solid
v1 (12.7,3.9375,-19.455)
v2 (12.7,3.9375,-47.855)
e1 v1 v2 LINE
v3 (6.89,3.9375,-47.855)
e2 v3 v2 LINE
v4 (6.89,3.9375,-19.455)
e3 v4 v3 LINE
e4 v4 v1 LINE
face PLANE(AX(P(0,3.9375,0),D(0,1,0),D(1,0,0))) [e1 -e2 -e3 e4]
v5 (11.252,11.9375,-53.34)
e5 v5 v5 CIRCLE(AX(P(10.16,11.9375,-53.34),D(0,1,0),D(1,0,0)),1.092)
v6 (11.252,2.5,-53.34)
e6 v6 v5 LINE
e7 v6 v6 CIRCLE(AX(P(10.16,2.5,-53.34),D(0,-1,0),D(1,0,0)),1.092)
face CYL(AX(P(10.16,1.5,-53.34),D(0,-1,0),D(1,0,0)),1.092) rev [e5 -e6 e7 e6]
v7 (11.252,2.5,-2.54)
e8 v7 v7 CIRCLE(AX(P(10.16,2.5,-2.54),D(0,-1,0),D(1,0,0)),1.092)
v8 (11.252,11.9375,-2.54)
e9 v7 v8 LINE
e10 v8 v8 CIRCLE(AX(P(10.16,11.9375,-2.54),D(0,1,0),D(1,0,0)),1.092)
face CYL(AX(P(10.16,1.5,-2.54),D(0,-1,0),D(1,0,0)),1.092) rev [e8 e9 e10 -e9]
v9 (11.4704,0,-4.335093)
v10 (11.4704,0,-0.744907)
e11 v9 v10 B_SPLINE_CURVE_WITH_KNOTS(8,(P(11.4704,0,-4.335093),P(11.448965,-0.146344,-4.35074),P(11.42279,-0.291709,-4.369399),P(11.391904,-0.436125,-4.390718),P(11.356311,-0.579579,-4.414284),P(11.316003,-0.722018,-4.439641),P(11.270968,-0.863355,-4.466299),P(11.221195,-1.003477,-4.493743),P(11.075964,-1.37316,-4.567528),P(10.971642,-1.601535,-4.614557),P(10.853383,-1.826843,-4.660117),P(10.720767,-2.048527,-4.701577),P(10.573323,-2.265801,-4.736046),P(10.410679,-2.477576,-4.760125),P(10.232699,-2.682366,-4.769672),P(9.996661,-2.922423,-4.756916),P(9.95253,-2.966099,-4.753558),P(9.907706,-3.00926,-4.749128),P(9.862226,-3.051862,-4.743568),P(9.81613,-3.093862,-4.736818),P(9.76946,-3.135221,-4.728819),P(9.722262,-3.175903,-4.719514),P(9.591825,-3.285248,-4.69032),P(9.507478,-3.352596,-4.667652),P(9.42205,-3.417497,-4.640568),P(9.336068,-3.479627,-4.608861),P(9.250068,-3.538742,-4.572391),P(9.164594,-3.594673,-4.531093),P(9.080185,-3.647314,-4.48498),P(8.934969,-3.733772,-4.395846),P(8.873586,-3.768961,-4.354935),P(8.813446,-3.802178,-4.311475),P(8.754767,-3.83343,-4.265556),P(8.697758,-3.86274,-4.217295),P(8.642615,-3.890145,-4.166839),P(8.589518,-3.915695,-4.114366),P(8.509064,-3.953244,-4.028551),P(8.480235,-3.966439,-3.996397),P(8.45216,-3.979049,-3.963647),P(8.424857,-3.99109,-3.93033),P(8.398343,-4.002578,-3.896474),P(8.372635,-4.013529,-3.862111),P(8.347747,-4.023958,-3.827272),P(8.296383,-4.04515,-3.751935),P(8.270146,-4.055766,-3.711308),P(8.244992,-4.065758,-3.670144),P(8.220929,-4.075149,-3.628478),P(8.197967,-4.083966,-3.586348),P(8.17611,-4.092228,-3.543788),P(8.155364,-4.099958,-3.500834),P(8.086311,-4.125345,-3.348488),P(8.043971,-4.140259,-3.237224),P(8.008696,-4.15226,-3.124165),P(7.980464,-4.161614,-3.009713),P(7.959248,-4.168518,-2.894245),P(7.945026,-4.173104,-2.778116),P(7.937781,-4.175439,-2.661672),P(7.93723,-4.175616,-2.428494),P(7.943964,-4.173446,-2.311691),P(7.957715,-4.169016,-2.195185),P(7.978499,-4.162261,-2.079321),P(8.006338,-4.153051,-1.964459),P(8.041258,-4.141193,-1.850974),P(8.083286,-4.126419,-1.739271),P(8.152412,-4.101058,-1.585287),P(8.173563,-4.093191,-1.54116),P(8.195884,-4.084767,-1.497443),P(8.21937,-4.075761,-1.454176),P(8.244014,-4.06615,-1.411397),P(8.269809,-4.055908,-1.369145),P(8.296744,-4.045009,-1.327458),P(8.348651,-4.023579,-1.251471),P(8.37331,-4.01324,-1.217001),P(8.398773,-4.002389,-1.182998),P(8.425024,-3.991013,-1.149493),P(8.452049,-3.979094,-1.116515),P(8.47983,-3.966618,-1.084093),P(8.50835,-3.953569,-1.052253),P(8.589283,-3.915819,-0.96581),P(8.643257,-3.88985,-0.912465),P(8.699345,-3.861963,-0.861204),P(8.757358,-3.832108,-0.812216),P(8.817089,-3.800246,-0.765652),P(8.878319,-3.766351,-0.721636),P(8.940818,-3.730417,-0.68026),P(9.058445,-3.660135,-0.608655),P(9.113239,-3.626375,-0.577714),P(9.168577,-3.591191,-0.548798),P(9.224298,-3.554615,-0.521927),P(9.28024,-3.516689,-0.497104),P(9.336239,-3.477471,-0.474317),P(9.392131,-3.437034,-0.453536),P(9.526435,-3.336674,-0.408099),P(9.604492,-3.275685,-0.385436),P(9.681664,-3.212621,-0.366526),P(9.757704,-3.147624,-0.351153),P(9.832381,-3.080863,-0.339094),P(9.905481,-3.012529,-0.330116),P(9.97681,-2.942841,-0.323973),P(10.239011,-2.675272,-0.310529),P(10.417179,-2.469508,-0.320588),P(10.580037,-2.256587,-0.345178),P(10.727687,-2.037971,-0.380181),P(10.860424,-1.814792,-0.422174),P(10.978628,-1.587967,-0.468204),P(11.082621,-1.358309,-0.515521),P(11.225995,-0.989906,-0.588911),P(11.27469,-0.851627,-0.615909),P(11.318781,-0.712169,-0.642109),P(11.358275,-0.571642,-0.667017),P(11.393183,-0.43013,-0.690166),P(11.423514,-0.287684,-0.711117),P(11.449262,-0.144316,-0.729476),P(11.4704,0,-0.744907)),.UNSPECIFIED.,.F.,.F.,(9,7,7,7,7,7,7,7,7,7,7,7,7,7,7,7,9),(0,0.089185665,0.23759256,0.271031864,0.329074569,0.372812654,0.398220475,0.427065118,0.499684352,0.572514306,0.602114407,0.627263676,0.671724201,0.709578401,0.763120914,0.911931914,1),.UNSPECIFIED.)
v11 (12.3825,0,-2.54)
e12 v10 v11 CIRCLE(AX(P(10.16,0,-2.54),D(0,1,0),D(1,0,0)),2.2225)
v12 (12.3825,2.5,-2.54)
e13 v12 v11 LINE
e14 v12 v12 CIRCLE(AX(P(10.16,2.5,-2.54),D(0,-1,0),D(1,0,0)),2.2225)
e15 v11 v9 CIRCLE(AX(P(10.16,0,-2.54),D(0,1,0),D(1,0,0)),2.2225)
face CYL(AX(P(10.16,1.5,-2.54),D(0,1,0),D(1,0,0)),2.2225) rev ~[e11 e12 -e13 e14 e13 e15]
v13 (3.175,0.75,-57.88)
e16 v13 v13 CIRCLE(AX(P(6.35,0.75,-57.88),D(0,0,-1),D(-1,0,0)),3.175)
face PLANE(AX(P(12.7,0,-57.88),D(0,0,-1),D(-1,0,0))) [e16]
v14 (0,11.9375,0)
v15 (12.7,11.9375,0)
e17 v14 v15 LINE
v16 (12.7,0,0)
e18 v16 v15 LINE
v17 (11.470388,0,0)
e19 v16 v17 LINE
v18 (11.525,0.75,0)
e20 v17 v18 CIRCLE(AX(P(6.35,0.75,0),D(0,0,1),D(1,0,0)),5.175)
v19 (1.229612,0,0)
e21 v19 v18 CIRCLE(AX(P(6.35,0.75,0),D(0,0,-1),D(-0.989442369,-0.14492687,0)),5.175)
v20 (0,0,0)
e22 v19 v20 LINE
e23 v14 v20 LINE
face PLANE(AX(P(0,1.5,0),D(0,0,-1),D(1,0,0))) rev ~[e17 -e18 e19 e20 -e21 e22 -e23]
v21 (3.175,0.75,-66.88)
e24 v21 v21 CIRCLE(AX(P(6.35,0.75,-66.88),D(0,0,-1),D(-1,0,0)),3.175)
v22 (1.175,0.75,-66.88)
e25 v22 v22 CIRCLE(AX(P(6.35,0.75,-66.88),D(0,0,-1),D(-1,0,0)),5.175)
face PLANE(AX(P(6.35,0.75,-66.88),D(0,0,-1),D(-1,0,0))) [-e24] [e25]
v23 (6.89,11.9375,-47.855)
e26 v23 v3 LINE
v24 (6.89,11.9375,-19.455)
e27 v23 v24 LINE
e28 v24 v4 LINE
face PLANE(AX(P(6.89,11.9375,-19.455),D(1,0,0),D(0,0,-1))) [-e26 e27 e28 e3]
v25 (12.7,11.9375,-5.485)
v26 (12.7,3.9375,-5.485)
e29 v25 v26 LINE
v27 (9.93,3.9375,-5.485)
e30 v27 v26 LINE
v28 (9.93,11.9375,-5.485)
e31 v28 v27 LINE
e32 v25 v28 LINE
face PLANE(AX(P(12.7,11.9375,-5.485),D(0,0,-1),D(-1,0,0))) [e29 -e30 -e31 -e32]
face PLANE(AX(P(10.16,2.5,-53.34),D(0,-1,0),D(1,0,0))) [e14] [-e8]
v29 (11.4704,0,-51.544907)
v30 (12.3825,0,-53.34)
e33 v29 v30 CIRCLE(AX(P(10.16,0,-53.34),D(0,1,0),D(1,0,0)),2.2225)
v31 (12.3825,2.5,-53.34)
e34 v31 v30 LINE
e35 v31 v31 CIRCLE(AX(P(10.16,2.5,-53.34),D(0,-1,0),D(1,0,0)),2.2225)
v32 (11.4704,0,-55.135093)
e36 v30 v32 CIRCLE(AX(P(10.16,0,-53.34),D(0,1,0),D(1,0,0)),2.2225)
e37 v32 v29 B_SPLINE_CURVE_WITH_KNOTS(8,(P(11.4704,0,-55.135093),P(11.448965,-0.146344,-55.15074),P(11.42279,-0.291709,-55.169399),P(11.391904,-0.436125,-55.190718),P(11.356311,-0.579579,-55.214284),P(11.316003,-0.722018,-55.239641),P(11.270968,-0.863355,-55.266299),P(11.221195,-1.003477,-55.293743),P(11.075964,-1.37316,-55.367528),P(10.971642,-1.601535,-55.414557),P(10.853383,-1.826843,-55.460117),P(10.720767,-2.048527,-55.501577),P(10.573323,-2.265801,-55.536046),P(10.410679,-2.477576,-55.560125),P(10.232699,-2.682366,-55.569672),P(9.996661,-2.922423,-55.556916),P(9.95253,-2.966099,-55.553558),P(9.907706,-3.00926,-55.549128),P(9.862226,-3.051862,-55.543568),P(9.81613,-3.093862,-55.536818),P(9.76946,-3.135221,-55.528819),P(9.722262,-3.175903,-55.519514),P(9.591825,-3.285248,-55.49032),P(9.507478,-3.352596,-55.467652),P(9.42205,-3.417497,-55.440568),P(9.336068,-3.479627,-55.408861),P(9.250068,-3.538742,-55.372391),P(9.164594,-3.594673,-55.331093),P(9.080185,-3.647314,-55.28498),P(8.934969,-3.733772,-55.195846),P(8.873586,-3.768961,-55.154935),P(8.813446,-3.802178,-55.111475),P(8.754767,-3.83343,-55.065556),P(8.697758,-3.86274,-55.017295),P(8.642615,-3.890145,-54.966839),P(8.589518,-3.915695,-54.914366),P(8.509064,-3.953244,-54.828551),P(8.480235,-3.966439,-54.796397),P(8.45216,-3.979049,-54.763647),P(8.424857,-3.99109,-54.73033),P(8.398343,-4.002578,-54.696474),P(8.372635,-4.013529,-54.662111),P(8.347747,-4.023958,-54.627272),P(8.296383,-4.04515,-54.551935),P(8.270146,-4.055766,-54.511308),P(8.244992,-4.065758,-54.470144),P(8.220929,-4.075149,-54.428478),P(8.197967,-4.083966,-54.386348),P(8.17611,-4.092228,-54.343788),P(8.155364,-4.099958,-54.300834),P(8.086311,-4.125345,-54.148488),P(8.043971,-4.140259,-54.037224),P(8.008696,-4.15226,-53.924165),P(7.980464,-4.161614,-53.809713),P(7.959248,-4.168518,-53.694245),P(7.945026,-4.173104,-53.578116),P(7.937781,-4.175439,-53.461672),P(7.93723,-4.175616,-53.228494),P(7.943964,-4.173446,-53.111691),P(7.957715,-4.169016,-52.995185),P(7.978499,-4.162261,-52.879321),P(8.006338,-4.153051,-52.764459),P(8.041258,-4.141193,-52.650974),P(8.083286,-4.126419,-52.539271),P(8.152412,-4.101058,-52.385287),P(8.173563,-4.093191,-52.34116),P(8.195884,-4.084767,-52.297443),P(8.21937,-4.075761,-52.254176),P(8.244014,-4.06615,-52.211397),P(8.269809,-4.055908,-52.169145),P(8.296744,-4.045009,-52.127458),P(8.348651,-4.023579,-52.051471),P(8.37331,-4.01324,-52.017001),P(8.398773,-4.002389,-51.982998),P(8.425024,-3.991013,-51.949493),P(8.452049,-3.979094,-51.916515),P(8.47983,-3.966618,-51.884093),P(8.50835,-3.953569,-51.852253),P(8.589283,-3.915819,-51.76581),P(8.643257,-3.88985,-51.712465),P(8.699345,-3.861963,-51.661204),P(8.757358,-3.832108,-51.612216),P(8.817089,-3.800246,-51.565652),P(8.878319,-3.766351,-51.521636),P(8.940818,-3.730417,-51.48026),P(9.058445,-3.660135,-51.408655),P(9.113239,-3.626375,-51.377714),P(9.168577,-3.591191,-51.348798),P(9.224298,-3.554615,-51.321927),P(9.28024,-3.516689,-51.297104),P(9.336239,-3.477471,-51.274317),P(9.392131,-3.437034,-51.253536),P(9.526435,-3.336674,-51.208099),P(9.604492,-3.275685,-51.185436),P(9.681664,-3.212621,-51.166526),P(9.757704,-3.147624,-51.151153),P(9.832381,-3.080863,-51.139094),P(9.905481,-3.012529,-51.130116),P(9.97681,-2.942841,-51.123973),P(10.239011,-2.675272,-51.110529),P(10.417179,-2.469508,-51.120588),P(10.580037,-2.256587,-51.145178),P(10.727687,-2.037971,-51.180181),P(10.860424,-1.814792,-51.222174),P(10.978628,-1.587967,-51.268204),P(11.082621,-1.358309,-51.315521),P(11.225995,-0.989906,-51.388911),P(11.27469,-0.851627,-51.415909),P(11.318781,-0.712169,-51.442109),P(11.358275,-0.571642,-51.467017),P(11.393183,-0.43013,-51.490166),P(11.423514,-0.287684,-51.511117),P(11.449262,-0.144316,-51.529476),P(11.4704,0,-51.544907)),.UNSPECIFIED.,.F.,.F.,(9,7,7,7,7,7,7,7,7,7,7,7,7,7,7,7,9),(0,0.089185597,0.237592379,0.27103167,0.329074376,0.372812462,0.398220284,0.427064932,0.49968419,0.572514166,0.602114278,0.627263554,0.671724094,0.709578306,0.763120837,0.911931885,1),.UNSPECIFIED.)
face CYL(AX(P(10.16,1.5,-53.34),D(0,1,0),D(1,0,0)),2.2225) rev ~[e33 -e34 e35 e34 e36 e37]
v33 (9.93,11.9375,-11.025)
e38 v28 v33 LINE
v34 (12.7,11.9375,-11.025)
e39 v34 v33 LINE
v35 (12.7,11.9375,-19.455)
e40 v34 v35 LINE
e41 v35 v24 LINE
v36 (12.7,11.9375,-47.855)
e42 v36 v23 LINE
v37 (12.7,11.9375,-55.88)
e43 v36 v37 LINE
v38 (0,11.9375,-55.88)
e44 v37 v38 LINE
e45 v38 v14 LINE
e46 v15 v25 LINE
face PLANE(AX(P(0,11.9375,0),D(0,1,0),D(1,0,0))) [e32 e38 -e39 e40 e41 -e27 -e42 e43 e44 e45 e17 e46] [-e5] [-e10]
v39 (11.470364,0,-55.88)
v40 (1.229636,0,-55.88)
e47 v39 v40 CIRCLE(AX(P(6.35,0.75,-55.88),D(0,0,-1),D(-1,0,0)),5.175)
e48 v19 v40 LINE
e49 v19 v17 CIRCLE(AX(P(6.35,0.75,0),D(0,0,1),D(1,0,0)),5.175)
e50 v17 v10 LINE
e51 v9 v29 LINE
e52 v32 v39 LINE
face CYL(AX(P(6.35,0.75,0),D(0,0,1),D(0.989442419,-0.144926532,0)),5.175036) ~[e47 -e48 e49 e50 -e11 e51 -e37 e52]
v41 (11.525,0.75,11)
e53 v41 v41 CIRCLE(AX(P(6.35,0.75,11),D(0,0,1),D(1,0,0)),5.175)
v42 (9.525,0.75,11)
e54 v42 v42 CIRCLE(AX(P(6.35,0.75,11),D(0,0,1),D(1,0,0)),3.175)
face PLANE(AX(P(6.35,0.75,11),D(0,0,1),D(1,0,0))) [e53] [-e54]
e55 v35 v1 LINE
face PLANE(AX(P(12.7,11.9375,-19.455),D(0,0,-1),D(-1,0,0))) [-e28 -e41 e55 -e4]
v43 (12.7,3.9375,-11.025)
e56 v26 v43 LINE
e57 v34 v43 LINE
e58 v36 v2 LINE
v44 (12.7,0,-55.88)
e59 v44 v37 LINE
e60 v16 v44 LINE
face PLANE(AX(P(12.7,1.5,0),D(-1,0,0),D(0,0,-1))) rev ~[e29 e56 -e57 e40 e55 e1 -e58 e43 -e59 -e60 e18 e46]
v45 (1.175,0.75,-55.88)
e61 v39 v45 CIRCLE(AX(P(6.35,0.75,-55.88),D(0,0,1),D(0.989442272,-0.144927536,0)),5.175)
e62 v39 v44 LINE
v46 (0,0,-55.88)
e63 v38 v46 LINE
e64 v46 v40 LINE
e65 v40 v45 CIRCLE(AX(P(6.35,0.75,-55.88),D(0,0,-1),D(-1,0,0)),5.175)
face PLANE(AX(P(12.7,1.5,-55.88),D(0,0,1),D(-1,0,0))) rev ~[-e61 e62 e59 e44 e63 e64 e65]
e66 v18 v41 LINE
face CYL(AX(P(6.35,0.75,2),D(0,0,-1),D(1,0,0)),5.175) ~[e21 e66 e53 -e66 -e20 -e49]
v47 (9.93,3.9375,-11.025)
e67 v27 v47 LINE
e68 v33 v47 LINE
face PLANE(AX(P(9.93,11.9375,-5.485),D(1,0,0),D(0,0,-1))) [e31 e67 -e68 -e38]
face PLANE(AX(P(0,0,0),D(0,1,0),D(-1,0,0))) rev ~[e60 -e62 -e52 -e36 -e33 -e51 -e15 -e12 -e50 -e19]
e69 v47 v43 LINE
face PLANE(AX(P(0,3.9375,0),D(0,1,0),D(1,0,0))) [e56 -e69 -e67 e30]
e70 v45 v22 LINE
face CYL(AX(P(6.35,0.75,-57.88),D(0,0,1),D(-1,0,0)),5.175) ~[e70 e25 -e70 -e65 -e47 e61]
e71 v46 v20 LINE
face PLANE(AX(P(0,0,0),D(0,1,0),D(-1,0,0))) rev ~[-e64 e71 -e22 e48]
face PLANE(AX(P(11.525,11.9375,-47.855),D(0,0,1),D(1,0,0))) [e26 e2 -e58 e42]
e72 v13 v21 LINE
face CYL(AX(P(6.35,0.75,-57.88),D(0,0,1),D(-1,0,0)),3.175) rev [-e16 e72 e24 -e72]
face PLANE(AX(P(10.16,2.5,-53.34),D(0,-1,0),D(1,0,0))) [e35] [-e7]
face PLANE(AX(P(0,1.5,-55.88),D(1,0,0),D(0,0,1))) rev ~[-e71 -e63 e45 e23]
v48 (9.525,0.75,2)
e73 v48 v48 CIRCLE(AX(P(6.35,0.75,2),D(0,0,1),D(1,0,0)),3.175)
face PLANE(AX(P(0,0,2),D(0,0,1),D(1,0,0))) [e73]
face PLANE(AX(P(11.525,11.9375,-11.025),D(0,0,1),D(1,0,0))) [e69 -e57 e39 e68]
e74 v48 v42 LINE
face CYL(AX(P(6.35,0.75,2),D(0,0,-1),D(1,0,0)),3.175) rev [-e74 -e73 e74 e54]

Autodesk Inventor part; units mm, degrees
ref_plane "YZ Plane" through (0, 0, 0) normal (1, 0, 0) x (0, 1, 0)
ref_plane "XZ Plane" through (0, 0, 0) normal (0, 1, 0) x (-1, 0, 0)
ref_plane "XY Plane" through (0, 0, 0) normal (0, 0, 1) x (1, 0, 0)
sketch "Sketch1" plane through (0, 0, 0) normal (0, 1, 0) x (-1, 0, 0)
  line L0 (0, -55.88) -> (-12.7, -55.88)
  line L1 (-12.7, 0) -> (0, 0)
  line L2 (0, 0) -> (0, -20.94)
  line L3 (0, -34.94) -> (0, -55.88)
  line L4 (-12.7, -55.88) -> (-12.7, -34.94)
  line L5 (-12.7, -20.94) -> (-12.7, 0)
  line L6 (0, -20.94) -> (0, -34.94)
  line L7 (-12.7, -20.94) -> (-12.7, -34.94)
  dimension "d1" = 55.88
  dimension "d2" = 12.7
extrude "Extrusion1" add sketch "Sketch1" along normal blind 1.5
sketch "Sketch2" plane through (0, 1.5, 0) normal (0, 1, 0) x (1, 0, 0)
  line L0 (12.7, 0) -> (12.7, 55.88) projected
  line L1 (12.7, 0) -> (10.16, 0)
  line L2 (12.7, 2.54) -> (12.7, 0)
  circle A0 centre (10.16, 2.54) radius 1.092
  circle A1 centre (10.16, 53.34) radius 1.092
  point P0 (0, 0)
  dimension "d8" = 2.184
  dimension "d10" = 2.184
extrude "Extrusion2" cut sketch "Sketch2" against normal blind 1.5
sketch "Sketch5" plane through (0, 0, 0) normal (0, 0, 1) x (1, 0, 0)
  line L0 (12.7, 0) -> (0, 0) projected
  line L1 (6.35, 0) -> (6.35, 1.5)
  line L2 (12.7, 1.5) -> (0, 1.5) projected
  line L3 (0, 0) -> (0, 1.5) projected
  line L4 (0, 0.75) -> (12.7, 0.75)
  line L5 (12.7, 0) -> (12.7, 1.5) projected
  circle A0 centre (6.35, 0.75) radius 5.175
  dimension "d30" = 10.35
extrude "Extrusion5" add sketch "Sketch5" along normal blind 2 contours A0 L0 | L0 L1 L4 A0 | L0 A0 L4 L1 | L4 L1 L2 A0 | L4 A0 L2 L1 | L2 A0
sketch "Sketch6" plane through (6.35, 0.75, 2) normal (0, 0, 1) x (1, 0, 0)
  circle A0 centre (0, 0) radius 5.175
  circle A1 centre (0, 0) radius 3.175
  point P0 (-6.35, -0.75)
  dimension "d35" = 6.35
extrude "Extrusion6" add sketch "Sketch6" along normal blind 9
sketch "Sketch7" plane through (12.7, 0, -55.88) normal (0, 0, -1) x (-1, 0, 0)
  line L0 (0, 0) -> (0, 1.5) projected
  line L1 (0, 0.75) -> (12.7, 0.75)
  line L2 (12.7, 0) -> (12.7, 1.5) projected
  line L3 (11.4704, 1.5) -> (1.2296, 1.5) projected
  line L4 (6.35, 1.5) -> (6.35, 0)
  circle A0 centre (6.35, 0.75) radius 5.175
extrude "Extrusion7" add sketch "Sketch7" along normal blind 2
sketch "Sketch8" plane through (6.35, 0.75, -57.88) normal (0, 0, -1) x (-1, 0, 0)
  circle A0 centre (0, 0) radius 5.175
  circle A1 centre (0, 0) radius 3.175
  point P0 (6.35, -0.75)
  dimension "d40" = 6.35
extrude "Extrusion8" add sketch "Sketch8" along normal blind 9
thread "Thread1" size "1/4-20 UNC" class "2B" standard "ANSI Unified Screw Threads" full length
thread "Thread2" size "1/4-20 UNC" class "2B" standard "ANSI Unified Screw Threads" full length
sketch "Sketch9" plane through (0, 0, 0) normal (0, 0, -1) x (-1, 0, 0)
  arc A0 (-11.4704, 0) -> (-1.2296, 0) centre (-6.35, 0.75) ccw projected
  line L0 (0, 0) -> (-1.2296, 0) projected
  line L1 (-11.4704, 0) -> (-1.2296, 0)
  circle A1 centre (-6.35, 0.75) radius 5.175
extrude "Extrusion9" add sketch "Sketch9" along normal up to next contours L1 A0
sketch "Sketch10" plane through (10.16, 0, -2.54) normal (0, 1, 0) x (1, 0, 0)
  circle A0 centre (0, 0) radius 1.092
  circle A1 centre (0, 50.8) radius 1.092 projected
  circle A2 centre (0, 50.8) radius 1.092
  point P0 (-10.16, -2.54)
  dimension "d60" = 2.184
extrude "Extrusion10" cut sketch "Sketch10" against normal up to next
sketch "Sketch12" plane through (0, 1.5, 0) normal (0, 1, 0) x (1, 0, 0)
  circle A0 centre (10.16, 2.54) radius 1.092 projected
  circle A1 centre (10.16, 2.54) radius 1.092
  circle A2 centre (10.16, 2.54) radius 2.2225
  circle A3 centre (10.16, 53.34) radius 1.092 projected
  circle A4 centre (10.16, 53.34) radius 1.092
  circle A5 centre (10.16, 53.34) radius 2.2225
  point P0 (0, 0)
  dimension "d54" = 4.445
  dimension "d55" = 4.445
extrude "Extrusion11" cut sketch "Sketch12" against normal blind 5.925
sketch "Sketch13" plane through (0, 1.5, 0) normal (0, 1, 0) x (1, 0, 0)
  line L0 (12.7, 0) -> (12.7, 55.88) projected
  line L1 (12.7, 55.88) -> (0, 55.88)
  line L2 (0, 55.88) -> (0, 0)
  line L3 (0, 0) -> (12.7, 0)
  line L4 (12.7, 0) -> (12.7, 55.88)
  circle A0 centre (10.16, 53.34) radius 1.092 projected
  circle A1 centre (10.16, 53.34) radius 1.092
  circle A2 centre (10.16, 2.54) radius 1.092 projected
  circle A3 centre (10.16, 2.54) radius 1.092
extrude "Extrusion12" add sketch "Sketch13" along normal blind 10.4375
thread "Thread5" size "2-56 UNC" class "2B" standard "ANSI Unified Screw Threads" full length
thread "Thread6" size "2-56 UNC" class "2B" standard "ANSI Unified Screw Threads" full length
sketch "Sketch14" plane through (10.16, 1.5, -53.34) normal (0, -1, 0) x (1, 0, 0)
  circle A0 centre (0, 0) radius 1.092 projected
  circle A1 centre (0, 0) radius 2.2225
  circle A2 centre (0, 50.8) radius 2.2225 projected
  circle A3 centre (0, 50.8) radius 2.2225
  circle A4 centre (0, 0) radius 1.092
  circle A5 centre (0, 50.8) radius 1.092
  point P0 (-10.16, 53.34)
extrude "Extrusion13" cut sketch "Sketch14" against normal blind 1
sketch "Sketch15" plane through (0, 11.9375, 0) normal (0, 1, 0) x (1, 0, 0)
  line L0 (12.7, 0) -> (12.7, 6.985)
  line L1 (12.7, 0) -> (12.7, 55.88) projected
  line L2 (12.7, 0) -> (19.685, 0) construction
  line L3 (11.525, -11) -> (11.525, 66.88) projected
  line L4 (11.43, 6.985) -> (13.97, 6.985) construction
  line L5 (11.43, 6.985) -> (12.43, 6.985) construction
  line L6 (11.43, 9.525) -> (12.43, 9.525) construction
  line L7 (12.7, 5.985) -> (12.7, 10.525)
  line L8 (12.7, 5.985) -> (12.7, 5.485)
  line L9 (12.7, 5.485) -> (9.93, 5.485)
  line L10 (9.93, 5.485) -> (9.93, 11.025)
  line L11 (9.93, 11.025) -> (12.7, 11.025)
  line L12 (12.7, 11.025) -> (12.7, 10.525)
  point P0 (0, 0)
  dimension "d72" = 90
  dimension "d130" = 0.5
  dimension "d131" = 2.77
  dimension "d132" = 5.54
extrude "Extrusion14" cut sketch "Sketch15" against normal blind 8
sketch "Sketch16" plane through (0, 11.9375, 0) normal (0, 1, 0) x (1, 0, 0)
  line L0 (12.7, 0) -> (12.7, 55.88) projected
  line L1 (12.7, 40.234) -> (13.97, 40.234) construction
  line L2 (0, 0) -> (12.7, 0) projected
  line L3 (11.43, 0) -> (40.005, 0) construction
  line L4 (11.525, -11) -> (11.525, 66.88) projected
  line L5 (11.43, 28.575) -> (13.97, 28.575) construction
  line L6 (11.43, 46.355) -> (12.43, 46.355) construction
  line L7 (11.43, 28.575) -> (13.97, 28.575) construction
  line L8 (11.43, 20.955) -> (12.43, 20.955) construction
  line L9 (6.89, 19.955) -> (6.89, 47.355)
  line L10 (12.7, 47.355) -> (12.7, 19.955)
  line L11 (6.89, 47.355) -> (6.89, 47.855)
  line L12 (6.89, 47.855) -> (12.7, 47.855)
  line L13 (12.7, 47.855) -> (12.7, 47.355)
  line L14 (12.7, 19.955) -> (12.7, 19.455)
  line L15 (12.7, 0) -> (12.7, 55.88) projected
  line L16 (12.7, 19.455) -> (6.89, 19.455)
  line L17 (6.89, 19.455) -> (6.89, 19.955)
  point P0 (12.7, 10.525)
  dimension "d123" = 5.81
  dimension "d129" = 28.4
extrude "Extrusion15" cut sketch "Sketch16" against normal blind 8 contours L16 L4 L12 L0 | L16 L17 L9 L11 L12 L4
properties part number "Line Sensor 6 Bracket"
